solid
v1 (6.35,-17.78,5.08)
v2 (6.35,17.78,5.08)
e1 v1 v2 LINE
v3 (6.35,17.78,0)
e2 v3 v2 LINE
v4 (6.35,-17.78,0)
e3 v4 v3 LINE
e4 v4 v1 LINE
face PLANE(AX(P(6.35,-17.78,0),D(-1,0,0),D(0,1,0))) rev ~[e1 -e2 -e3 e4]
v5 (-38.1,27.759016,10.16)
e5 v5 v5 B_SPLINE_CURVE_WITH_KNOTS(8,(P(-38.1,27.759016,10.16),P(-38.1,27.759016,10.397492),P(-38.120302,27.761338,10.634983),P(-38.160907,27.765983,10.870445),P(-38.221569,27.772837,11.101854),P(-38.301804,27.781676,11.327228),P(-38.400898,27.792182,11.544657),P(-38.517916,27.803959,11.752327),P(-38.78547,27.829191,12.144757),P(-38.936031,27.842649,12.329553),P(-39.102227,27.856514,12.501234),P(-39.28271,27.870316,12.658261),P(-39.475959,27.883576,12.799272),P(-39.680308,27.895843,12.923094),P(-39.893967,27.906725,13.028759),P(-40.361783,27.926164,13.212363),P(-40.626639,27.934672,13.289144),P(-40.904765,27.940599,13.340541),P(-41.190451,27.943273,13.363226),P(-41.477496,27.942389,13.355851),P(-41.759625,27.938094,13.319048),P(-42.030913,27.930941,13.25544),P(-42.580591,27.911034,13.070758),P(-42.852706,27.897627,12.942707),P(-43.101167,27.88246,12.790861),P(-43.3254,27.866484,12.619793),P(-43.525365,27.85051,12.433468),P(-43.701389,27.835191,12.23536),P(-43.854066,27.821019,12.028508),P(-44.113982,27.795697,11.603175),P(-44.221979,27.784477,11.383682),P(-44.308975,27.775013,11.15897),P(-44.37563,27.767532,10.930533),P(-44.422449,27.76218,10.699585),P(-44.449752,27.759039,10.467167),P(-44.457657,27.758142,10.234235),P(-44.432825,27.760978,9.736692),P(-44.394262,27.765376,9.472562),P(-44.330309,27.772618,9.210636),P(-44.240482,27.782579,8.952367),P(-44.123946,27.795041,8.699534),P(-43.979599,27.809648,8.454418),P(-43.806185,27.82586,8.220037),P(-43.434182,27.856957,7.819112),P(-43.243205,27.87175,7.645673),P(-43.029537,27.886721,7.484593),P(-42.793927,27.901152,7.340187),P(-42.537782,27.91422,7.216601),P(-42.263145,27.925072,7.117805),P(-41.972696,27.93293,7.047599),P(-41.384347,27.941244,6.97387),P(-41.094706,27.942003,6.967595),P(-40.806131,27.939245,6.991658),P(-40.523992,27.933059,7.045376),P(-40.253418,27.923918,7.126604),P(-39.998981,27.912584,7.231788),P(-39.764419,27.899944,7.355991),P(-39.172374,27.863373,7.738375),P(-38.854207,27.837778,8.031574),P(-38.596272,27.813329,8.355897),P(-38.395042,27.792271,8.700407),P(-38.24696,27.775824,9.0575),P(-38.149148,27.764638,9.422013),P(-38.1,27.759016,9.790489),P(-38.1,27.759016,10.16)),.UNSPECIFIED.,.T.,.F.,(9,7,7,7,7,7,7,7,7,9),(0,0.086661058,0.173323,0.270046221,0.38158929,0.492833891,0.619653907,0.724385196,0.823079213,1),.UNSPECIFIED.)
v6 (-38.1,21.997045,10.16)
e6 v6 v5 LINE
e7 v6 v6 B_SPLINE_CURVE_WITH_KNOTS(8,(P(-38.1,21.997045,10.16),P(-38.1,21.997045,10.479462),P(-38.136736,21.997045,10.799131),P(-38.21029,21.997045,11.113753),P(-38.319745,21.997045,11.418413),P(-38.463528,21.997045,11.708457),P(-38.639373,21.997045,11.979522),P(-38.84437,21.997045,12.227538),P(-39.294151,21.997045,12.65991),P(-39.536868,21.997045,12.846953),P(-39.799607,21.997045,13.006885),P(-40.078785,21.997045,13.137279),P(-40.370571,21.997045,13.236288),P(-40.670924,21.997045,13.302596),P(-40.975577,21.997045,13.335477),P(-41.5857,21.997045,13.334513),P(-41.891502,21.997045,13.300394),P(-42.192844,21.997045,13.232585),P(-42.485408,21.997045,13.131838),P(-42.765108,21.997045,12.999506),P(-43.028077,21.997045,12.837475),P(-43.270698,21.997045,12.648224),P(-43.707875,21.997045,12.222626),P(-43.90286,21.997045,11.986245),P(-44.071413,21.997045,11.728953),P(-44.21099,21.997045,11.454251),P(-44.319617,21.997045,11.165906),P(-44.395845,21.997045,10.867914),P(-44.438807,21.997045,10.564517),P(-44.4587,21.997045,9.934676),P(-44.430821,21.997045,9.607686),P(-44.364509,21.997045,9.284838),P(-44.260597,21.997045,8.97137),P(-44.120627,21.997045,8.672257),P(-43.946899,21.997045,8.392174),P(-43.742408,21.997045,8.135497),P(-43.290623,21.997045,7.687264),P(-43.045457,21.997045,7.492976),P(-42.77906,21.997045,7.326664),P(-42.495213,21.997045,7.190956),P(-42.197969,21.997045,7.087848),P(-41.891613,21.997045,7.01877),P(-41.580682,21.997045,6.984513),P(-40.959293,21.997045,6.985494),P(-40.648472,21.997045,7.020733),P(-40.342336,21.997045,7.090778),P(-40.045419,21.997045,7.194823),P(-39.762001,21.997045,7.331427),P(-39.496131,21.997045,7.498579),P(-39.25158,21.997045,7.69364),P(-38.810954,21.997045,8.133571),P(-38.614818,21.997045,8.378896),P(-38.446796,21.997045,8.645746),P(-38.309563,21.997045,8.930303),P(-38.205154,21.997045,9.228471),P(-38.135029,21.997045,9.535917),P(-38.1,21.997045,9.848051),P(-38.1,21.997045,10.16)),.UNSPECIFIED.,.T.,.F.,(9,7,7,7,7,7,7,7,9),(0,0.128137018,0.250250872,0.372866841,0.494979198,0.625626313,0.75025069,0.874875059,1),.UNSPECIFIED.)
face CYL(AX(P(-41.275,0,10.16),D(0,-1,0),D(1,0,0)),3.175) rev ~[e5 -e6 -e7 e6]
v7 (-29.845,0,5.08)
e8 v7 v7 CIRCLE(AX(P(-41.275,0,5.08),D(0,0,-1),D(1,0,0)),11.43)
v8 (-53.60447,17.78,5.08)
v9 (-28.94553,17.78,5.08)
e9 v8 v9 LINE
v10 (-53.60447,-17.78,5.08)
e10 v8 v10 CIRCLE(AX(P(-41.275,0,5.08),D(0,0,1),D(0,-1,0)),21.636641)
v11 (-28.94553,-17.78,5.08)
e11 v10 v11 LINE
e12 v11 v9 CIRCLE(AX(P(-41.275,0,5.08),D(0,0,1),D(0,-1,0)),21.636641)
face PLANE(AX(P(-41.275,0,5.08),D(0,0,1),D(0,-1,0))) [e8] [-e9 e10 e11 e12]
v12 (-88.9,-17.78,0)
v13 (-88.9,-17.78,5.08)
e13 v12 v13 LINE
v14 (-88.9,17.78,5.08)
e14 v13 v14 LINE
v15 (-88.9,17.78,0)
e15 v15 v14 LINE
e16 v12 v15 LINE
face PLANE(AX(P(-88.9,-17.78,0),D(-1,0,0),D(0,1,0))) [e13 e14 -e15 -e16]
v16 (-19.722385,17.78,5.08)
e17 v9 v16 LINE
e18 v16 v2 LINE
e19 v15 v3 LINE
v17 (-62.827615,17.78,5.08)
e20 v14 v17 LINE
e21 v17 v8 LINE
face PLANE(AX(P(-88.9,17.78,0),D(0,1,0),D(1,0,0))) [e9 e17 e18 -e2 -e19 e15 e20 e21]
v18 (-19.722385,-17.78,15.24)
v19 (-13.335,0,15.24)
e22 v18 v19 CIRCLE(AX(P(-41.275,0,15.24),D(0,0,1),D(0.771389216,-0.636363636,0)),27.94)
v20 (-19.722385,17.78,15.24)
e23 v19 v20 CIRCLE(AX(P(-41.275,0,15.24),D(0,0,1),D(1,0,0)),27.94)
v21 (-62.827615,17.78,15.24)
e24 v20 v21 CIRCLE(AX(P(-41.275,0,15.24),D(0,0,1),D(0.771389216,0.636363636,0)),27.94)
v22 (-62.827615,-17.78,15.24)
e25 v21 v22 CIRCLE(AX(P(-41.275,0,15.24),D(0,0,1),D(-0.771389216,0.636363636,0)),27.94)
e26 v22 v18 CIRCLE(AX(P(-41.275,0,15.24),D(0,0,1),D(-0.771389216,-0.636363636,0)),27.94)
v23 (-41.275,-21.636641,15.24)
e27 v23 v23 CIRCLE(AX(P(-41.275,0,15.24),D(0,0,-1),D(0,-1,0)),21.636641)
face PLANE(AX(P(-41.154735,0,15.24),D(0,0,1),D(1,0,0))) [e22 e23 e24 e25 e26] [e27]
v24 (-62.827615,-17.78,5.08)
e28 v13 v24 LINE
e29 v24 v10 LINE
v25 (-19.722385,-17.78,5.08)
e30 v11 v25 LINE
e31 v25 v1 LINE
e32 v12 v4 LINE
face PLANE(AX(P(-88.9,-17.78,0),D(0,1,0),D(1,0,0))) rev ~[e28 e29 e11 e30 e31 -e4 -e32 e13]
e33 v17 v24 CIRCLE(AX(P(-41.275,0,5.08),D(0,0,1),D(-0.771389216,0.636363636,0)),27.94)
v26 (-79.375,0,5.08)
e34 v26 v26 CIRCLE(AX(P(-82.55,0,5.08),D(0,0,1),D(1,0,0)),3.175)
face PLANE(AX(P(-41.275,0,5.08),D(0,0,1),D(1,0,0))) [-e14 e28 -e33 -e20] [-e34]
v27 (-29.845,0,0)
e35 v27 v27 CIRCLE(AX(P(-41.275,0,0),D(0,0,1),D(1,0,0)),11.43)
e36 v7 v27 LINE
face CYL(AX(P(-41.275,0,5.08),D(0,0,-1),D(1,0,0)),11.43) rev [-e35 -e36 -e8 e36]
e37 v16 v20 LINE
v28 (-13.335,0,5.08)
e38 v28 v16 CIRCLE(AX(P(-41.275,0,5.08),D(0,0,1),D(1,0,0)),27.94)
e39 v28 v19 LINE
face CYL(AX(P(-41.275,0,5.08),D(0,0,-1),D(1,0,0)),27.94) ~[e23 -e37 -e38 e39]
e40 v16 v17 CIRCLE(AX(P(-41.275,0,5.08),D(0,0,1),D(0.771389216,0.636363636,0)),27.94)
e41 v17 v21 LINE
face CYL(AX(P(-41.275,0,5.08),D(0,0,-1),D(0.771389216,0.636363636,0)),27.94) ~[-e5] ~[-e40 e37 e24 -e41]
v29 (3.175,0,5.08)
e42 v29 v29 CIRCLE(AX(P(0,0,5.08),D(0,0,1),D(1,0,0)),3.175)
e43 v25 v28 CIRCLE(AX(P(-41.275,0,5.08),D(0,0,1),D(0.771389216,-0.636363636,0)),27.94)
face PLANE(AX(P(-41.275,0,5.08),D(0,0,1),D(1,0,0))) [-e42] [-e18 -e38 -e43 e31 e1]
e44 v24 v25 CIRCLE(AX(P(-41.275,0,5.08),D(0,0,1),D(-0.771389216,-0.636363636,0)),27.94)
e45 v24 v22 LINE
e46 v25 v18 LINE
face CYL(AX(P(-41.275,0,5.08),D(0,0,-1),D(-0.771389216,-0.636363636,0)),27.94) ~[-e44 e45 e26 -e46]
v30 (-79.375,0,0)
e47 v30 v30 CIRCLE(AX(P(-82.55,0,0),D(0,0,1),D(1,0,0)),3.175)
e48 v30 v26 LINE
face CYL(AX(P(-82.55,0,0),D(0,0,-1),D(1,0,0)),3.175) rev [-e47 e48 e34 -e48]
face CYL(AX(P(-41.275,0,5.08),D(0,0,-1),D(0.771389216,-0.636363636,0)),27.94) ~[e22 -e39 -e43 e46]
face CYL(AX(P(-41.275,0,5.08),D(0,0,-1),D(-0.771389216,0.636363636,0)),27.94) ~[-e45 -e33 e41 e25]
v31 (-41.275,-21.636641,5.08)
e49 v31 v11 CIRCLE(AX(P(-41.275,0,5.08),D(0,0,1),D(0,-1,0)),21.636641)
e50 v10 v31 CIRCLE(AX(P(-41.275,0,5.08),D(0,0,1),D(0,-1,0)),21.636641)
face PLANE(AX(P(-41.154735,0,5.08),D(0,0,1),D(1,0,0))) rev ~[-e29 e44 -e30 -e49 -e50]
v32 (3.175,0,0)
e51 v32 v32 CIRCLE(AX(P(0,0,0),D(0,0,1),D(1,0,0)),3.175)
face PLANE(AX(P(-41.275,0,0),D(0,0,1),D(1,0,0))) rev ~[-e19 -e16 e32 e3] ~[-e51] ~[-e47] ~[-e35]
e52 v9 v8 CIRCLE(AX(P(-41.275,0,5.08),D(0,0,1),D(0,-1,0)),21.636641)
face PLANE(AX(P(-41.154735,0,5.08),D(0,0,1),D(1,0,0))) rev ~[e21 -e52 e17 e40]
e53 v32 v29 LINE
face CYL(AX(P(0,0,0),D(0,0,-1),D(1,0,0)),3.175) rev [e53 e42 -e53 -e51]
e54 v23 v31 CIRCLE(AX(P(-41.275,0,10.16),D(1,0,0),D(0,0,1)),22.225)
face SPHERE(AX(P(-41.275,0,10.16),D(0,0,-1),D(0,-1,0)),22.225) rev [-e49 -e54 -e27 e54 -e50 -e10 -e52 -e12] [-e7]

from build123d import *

# Parameters (mm, degrees)
F0_W     = 95.25
F0_H     = 35.56
F0_R     = 3.175
F0_R_2   = 11.43
F1_DEPTH = 5.08
F2_R     = 11.43
F3_DEPTH = 10.16
F8_D     = 6.35
F8_DEPTH = 27.941


with BuildPart() as f1:
    # F0 (on Top) → F1 (new body)
    with BuildSketch(Plane.XY):
        with Locations((-41.275, 0)):
            Rectangle(F0_W, F0_H)
        with Locations((-82.55, 0)):
            Circle(F0_R, mode=Mode.SUBTRACT)
        with Locations((-41.275, 0)):
            Circle(F0_R_2, mode=Mode.SUBTRACT)
        Circle(F0_R, mode=Mode.SUBTRACT)
    extrude(amount=F1_DEPTH)

    # F2 (on face) → F3 (join)
    with BuildSketch(Plane.XY.offset(5.08)):
        with BuildLine():
            ThreePointArc((-19.7223853094, -17.78), (-14.9802889876, -9.4462570774), (-13.335, 0))
            ThreePointArc((-13.335, 0), (-14.9802889876, 9.4462570774), (-19.7223853094, 17.78))
            Line((-19.7223853094, 17.78), (-62.8276146906, 17.78))
            ThreePointArc((-62.8276146906, 17.78), (-69.215, 0), (-62.8276146906, -17.78))
            Line((-62.8276146906, -17.78), (-19.7223853094, -17.78))
        make_face()
        with Locations((-41.275, 0)):
            Circle(F2_R, mode=Mode.SUBTRACT)
        with BuildLine():
            Line((-62.8276146906, 17.78), (-19.7223853094, 17.78))
            ThreePointArc((-19.7223853094, 17.78), (-41.275, 27.94), (-62.8276146906, 17.78))
        make_face()
        with BuildLine():
            ThreePointArc((-62.8276146906, -17.78), (-41.275, -27.94), (-19.7223853094, -17.78))
            Line((-19.7223853094, -17.78), (-62.8276146906, -17.78))
        make_face()
    extrude(amount=F3_DEPTH)

    # F5 (on offset) → F6 (revolve, cut)
    with BuildSketch(Plane.YZ.offset(-41.275)):
        Polygon((0, 5.08), (0, 10.16), (-21.6366407975, 5.08), align=None)
        with BuildLine():
            Line((-21.6366407975, 5.08), (0, 10.16))
            Line((0, 10.16), (0, 32.385))
            ThreePointArc((0, 32.385), (-17.4191507399, 23.9630363507), (-21.6366407975, 5.08))
        make_face()
    revolve(axis=Axis((-41.275, 0, 21.2725), (0, 0, 1)), mode=Mode.SUBTRACT)

    # F8 (through all, one way)
    with BuildSketch(Plane.XZ):
        with Locations((-41.275, 10.16)):
            Circle(F8_D / 2)
    extrude(amount=-F8_DEPTH, mode=Mode.SUBTRACT)


solid = f1.part
